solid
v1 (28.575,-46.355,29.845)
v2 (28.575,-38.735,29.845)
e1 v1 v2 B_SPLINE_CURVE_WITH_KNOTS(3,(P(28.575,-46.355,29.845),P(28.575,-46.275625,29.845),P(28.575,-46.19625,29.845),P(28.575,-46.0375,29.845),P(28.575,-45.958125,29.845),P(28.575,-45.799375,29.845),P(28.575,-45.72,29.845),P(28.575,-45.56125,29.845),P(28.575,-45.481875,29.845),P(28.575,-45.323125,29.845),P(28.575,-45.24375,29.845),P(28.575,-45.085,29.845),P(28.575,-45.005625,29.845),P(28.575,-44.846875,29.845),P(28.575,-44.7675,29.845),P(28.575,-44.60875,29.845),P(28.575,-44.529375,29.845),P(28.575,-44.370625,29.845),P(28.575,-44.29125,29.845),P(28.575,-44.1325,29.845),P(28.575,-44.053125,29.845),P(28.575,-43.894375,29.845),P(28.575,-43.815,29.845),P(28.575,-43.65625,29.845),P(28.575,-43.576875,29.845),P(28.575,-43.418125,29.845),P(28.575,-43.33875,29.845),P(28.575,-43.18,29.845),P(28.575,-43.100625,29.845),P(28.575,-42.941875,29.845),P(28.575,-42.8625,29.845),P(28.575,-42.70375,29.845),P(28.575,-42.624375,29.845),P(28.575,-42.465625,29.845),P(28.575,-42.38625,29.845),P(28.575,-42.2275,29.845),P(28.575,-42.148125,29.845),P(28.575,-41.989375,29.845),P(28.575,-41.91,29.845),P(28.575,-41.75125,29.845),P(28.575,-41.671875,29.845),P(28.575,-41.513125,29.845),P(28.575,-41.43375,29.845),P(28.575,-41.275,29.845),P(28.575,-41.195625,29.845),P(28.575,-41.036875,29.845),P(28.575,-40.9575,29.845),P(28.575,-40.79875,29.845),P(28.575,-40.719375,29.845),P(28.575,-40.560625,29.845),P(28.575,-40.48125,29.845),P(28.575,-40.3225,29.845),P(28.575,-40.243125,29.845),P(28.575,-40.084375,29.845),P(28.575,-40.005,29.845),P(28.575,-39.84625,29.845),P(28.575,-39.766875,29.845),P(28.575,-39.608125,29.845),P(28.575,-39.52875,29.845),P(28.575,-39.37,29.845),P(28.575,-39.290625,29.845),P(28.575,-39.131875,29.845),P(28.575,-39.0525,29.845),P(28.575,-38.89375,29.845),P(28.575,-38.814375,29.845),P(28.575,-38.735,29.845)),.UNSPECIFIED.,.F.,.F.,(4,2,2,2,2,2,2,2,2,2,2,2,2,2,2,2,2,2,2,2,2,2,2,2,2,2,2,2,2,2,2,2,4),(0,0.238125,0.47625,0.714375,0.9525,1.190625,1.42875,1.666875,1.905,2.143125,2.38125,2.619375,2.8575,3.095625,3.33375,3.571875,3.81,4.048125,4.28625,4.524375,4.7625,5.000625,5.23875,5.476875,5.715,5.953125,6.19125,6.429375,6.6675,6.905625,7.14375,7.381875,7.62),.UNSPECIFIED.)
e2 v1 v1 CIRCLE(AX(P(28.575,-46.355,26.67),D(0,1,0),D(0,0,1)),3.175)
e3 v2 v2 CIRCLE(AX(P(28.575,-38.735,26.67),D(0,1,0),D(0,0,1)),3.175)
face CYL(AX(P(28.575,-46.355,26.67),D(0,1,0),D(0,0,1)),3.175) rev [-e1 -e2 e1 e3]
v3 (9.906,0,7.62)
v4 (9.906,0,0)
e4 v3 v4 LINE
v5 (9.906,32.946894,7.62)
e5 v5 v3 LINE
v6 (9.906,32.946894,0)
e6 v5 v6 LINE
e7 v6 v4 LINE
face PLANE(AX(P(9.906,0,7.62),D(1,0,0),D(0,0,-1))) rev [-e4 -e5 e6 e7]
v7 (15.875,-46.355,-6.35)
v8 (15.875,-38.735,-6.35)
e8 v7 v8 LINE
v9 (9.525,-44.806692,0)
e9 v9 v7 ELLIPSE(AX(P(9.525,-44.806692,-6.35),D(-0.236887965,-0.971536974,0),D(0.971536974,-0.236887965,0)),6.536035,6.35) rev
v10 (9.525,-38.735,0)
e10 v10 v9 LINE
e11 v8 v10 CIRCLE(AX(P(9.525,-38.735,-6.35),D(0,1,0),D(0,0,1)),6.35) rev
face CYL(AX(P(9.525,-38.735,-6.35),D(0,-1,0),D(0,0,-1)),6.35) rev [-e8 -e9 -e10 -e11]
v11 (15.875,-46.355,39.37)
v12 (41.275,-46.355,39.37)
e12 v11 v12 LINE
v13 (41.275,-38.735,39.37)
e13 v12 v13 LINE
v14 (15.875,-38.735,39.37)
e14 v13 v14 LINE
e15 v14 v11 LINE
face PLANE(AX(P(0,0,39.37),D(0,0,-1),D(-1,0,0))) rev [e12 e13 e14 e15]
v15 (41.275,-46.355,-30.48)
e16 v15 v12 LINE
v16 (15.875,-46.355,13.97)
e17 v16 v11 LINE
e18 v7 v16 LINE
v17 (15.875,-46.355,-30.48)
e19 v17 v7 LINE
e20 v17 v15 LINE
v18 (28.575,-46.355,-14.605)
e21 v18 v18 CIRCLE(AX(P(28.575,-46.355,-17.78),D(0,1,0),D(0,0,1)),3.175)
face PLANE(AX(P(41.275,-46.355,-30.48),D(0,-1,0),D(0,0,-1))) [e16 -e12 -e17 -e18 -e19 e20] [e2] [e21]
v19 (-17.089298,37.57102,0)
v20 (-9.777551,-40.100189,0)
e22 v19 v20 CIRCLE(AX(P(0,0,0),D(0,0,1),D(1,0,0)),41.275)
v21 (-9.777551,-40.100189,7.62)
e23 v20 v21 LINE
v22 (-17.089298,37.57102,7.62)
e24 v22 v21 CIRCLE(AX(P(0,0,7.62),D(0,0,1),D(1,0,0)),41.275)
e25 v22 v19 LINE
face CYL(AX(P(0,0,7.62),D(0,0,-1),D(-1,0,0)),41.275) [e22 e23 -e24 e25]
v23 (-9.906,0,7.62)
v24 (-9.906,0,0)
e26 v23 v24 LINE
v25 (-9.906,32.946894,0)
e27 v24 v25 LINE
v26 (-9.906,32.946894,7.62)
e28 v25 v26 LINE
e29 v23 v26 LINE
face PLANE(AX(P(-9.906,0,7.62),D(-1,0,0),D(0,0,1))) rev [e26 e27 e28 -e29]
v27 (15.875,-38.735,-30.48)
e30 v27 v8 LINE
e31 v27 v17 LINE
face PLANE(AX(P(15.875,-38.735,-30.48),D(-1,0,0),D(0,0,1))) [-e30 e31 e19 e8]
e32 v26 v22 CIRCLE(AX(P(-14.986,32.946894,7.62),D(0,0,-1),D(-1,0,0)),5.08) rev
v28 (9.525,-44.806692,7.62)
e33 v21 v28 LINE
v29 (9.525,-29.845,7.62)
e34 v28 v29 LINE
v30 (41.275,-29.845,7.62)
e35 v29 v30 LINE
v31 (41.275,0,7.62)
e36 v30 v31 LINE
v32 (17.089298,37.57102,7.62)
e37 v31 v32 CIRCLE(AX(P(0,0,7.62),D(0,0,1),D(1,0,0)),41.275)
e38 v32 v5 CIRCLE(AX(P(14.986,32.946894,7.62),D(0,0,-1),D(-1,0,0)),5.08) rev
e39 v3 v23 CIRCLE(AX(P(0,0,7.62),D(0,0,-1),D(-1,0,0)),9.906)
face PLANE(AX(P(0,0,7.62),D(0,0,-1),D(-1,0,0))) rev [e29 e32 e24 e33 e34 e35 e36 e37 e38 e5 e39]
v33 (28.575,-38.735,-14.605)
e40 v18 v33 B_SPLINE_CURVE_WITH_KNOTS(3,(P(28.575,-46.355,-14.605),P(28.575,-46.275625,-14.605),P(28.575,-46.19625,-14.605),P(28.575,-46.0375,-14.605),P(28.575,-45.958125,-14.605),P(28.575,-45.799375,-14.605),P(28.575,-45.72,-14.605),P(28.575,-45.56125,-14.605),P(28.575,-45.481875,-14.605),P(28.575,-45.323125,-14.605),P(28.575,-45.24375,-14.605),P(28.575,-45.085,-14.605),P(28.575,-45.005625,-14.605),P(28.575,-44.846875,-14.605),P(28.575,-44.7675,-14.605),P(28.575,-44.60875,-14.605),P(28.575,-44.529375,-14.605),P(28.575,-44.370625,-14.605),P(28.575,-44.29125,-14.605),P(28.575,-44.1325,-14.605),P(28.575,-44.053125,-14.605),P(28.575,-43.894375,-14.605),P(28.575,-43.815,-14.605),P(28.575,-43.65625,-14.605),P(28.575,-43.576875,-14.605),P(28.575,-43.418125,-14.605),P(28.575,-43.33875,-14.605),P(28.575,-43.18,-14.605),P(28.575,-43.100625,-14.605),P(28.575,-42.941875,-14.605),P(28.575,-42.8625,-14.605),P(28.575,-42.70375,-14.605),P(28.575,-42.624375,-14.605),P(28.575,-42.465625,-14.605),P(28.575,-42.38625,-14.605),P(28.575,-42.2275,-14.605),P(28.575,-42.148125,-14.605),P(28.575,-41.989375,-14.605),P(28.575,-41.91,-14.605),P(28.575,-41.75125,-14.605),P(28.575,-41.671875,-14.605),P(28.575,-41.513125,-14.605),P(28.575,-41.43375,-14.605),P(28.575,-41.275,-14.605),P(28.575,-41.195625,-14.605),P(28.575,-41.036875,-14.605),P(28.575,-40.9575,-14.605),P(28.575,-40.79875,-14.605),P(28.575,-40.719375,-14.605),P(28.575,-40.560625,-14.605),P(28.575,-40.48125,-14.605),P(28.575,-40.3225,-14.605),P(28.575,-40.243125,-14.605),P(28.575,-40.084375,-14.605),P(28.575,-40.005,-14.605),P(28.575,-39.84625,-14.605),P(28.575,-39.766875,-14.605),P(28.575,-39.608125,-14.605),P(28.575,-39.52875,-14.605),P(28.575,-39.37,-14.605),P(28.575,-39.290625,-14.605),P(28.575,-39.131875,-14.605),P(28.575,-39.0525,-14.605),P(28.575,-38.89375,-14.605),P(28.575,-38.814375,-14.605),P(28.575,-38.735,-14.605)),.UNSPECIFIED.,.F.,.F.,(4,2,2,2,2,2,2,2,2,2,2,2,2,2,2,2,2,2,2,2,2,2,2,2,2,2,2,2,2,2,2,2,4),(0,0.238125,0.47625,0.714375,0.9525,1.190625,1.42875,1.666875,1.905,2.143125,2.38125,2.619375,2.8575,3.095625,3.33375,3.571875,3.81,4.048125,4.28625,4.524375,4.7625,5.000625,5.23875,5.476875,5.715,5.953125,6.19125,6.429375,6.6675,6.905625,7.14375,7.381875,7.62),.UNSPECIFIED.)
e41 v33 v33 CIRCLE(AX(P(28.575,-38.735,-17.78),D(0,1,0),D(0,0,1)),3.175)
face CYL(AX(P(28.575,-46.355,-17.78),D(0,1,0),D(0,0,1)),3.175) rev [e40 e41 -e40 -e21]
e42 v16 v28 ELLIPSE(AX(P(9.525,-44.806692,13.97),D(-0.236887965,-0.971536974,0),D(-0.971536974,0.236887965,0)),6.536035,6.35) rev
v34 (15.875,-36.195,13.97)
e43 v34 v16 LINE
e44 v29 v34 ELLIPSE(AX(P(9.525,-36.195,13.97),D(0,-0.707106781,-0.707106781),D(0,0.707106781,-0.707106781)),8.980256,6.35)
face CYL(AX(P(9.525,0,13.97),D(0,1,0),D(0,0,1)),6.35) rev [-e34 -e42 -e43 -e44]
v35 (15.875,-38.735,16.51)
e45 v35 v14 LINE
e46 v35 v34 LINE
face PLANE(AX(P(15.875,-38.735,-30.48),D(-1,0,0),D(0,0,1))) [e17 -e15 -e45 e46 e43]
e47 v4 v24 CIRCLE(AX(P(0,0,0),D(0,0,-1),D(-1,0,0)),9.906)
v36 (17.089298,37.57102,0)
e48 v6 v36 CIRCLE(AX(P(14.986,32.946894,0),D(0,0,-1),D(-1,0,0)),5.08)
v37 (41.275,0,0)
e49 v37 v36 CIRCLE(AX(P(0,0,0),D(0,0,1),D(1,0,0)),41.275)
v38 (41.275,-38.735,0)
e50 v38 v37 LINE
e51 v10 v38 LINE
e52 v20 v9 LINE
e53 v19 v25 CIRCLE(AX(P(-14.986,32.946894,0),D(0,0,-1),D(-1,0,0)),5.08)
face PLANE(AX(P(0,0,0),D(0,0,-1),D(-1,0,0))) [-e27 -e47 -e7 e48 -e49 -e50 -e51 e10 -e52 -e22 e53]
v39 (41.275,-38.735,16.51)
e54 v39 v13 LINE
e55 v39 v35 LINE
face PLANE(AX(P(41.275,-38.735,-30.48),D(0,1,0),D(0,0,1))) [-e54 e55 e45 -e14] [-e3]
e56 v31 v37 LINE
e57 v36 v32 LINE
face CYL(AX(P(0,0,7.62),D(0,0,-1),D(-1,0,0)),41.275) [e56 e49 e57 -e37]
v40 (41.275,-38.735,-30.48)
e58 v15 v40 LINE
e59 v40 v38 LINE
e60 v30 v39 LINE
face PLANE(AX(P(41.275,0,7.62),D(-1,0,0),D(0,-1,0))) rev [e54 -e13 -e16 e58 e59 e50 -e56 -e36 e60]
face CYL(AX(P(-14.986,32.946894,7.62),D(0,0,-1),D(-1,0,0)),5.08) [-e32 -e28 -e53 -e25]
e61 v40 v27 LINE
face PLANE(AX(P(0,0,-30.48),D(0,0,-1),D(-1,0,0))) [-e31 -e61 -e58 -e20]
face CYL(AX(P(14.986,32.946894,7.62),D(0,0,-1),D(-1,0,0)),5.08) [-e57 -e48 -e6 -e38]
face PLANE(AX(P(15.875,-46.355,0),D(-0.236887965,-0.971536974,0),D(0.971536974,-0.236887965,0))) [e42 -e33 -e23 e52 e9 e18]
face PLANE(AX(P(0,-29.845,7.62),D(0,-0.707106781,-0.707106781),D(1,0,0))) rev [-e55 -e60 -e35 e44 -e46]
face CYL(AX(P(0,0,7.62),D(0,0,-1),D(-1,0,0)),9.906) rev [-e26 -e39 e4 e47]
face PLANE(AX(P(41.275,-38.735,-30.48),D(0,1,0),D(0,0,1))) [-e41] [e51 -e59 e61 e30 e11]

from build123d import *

# Parameters (mm, degrees)
BOSS_EXTRUDE1_DEPTH      = 7.62
BOSS_EXTRUDE2_DEPTH      = 31.75
BOSS_EXTRUDE2_DEPTH_BACK = 38.1
SKETCH2_W                = 25.4
SKETCH2_H                = 7.62
BOSS_EXTRUDE3_START      = -7.62
BOSS_EXTRUDE3_DEPTH      = 7.62
SKETCH4_R                = 3.175
CUT_EXTRUDE1_DEPTH       = 7.62
CHAMFER1_SIZE            = 8.89
FILLET1_R                = 6.35
FILLET2_R                = 5.08


with BuildPart() as part:
    # Sketch1 → Boss-Extrude1 (new body)
    with BuildSketch(Plane.XY):
        with BuildLine():
            Line((41.275, -41.275), (0, -41.275))
            ThreePointArc((0, -41.275), (-40.972302797, -4.989592018), (-9.906, 40.068650951))
            Line((-9.906, 40.068650951), (-9.906, 0))
            ThreePointArc((-9.906, 0), (0, -9.906), (9.906, 0))
            Line((9.906, 0), (9.906, 40.068650951))
            ThreePointArc((9.906, 40.068650951), (32.4999675, 25.443618797), (41.275, 0))
            Line((41.275, 0), (41.275, -41.275))
        make_face()
    extrude(amount=BOSS_EXTRUDE1_DEPTH)

    # Sketch2 → Boss-Extrude2 (add, two sides: drawn at the far end of the back side and taken through both)
    with BuildSketch(Plane.XY.offset(7.62).offset(-BOSS_EXTRUDE2_DEPTH_BACK)):
        with Locations((28.575, -42.545)):
            Rectangle(SKETCH2_W, SKETCH2_H)
    extrude(amount=BOSS_EXTRUDE2_DEPTH + BOSS_EXTRUDE2_DEPTH_BACK)

    # Sketch3 → Boss-Extrude3 (add)
    with BuildSketch(Plane.XY.offset(7.62).offset(BOSS_EXTRUDE3_START)):
        with BuildLine():
            Line((15.875, -46.355), (-9.77755074, -40.10018861))
            ThreePointArc((-9.77755074, -40.10018861), (-4.923938471, -40.980244691), (0, -41.275))
            Line((0, -41.275), (15.875, -41.275))
            Line((15.875, -41.275), (15.875, -46.355))
        make_face()
    extrude(amount=BOSS_EXTRUDE3_DEPTH)

    # Sketch4 → Cut-Extrude1 (cut)
    with BuildSketch(Plane(origin=(0, -38.735, 0), x_dir=(1, 0, 0), z_dir=(0, 1, 0))):
        with Locations(Location((28.575, -26.67, 0), (0, 0, 270))):
            Circle(SKETCH4_R)
        with Locations(Location((28.575, 17.78, 0), (0, 0, 270))):
            Circle(SKETCH4_R)
    extrude(amount=-CUT_EXTRUDE1_DEPTH, mode=Mode.SUBTRACT)

    # Chamfer1
    chamfer1_edges = [part.edges().sort_by_distance(p)[0] for p in [
        (28.575, -38.735, 7.62),
    ]]
    chamfer(chamfer1_edges, length=CHAMFER1_SIZE)

    # Fillet1
    fillet1_edges = [part.edges().sort_by_distance(p)[0] for p in [
        (15.875, -42.545, 0),
        (15.875, -38.1, 7.62),
    ]]
    fillet(fillet1_edges, radius=FILLET1_R)

    # Fillet2
    fillet2_edges = [part.edges().sort_by_distance(p)[0] for p in [
        (9.906, 40.068650951, 3.81),
        (-9.906, 40.068650951, 3.81),
    ]]
    fillet(fillet2_edges, radius=FILLET2_R)


solid = part.part
